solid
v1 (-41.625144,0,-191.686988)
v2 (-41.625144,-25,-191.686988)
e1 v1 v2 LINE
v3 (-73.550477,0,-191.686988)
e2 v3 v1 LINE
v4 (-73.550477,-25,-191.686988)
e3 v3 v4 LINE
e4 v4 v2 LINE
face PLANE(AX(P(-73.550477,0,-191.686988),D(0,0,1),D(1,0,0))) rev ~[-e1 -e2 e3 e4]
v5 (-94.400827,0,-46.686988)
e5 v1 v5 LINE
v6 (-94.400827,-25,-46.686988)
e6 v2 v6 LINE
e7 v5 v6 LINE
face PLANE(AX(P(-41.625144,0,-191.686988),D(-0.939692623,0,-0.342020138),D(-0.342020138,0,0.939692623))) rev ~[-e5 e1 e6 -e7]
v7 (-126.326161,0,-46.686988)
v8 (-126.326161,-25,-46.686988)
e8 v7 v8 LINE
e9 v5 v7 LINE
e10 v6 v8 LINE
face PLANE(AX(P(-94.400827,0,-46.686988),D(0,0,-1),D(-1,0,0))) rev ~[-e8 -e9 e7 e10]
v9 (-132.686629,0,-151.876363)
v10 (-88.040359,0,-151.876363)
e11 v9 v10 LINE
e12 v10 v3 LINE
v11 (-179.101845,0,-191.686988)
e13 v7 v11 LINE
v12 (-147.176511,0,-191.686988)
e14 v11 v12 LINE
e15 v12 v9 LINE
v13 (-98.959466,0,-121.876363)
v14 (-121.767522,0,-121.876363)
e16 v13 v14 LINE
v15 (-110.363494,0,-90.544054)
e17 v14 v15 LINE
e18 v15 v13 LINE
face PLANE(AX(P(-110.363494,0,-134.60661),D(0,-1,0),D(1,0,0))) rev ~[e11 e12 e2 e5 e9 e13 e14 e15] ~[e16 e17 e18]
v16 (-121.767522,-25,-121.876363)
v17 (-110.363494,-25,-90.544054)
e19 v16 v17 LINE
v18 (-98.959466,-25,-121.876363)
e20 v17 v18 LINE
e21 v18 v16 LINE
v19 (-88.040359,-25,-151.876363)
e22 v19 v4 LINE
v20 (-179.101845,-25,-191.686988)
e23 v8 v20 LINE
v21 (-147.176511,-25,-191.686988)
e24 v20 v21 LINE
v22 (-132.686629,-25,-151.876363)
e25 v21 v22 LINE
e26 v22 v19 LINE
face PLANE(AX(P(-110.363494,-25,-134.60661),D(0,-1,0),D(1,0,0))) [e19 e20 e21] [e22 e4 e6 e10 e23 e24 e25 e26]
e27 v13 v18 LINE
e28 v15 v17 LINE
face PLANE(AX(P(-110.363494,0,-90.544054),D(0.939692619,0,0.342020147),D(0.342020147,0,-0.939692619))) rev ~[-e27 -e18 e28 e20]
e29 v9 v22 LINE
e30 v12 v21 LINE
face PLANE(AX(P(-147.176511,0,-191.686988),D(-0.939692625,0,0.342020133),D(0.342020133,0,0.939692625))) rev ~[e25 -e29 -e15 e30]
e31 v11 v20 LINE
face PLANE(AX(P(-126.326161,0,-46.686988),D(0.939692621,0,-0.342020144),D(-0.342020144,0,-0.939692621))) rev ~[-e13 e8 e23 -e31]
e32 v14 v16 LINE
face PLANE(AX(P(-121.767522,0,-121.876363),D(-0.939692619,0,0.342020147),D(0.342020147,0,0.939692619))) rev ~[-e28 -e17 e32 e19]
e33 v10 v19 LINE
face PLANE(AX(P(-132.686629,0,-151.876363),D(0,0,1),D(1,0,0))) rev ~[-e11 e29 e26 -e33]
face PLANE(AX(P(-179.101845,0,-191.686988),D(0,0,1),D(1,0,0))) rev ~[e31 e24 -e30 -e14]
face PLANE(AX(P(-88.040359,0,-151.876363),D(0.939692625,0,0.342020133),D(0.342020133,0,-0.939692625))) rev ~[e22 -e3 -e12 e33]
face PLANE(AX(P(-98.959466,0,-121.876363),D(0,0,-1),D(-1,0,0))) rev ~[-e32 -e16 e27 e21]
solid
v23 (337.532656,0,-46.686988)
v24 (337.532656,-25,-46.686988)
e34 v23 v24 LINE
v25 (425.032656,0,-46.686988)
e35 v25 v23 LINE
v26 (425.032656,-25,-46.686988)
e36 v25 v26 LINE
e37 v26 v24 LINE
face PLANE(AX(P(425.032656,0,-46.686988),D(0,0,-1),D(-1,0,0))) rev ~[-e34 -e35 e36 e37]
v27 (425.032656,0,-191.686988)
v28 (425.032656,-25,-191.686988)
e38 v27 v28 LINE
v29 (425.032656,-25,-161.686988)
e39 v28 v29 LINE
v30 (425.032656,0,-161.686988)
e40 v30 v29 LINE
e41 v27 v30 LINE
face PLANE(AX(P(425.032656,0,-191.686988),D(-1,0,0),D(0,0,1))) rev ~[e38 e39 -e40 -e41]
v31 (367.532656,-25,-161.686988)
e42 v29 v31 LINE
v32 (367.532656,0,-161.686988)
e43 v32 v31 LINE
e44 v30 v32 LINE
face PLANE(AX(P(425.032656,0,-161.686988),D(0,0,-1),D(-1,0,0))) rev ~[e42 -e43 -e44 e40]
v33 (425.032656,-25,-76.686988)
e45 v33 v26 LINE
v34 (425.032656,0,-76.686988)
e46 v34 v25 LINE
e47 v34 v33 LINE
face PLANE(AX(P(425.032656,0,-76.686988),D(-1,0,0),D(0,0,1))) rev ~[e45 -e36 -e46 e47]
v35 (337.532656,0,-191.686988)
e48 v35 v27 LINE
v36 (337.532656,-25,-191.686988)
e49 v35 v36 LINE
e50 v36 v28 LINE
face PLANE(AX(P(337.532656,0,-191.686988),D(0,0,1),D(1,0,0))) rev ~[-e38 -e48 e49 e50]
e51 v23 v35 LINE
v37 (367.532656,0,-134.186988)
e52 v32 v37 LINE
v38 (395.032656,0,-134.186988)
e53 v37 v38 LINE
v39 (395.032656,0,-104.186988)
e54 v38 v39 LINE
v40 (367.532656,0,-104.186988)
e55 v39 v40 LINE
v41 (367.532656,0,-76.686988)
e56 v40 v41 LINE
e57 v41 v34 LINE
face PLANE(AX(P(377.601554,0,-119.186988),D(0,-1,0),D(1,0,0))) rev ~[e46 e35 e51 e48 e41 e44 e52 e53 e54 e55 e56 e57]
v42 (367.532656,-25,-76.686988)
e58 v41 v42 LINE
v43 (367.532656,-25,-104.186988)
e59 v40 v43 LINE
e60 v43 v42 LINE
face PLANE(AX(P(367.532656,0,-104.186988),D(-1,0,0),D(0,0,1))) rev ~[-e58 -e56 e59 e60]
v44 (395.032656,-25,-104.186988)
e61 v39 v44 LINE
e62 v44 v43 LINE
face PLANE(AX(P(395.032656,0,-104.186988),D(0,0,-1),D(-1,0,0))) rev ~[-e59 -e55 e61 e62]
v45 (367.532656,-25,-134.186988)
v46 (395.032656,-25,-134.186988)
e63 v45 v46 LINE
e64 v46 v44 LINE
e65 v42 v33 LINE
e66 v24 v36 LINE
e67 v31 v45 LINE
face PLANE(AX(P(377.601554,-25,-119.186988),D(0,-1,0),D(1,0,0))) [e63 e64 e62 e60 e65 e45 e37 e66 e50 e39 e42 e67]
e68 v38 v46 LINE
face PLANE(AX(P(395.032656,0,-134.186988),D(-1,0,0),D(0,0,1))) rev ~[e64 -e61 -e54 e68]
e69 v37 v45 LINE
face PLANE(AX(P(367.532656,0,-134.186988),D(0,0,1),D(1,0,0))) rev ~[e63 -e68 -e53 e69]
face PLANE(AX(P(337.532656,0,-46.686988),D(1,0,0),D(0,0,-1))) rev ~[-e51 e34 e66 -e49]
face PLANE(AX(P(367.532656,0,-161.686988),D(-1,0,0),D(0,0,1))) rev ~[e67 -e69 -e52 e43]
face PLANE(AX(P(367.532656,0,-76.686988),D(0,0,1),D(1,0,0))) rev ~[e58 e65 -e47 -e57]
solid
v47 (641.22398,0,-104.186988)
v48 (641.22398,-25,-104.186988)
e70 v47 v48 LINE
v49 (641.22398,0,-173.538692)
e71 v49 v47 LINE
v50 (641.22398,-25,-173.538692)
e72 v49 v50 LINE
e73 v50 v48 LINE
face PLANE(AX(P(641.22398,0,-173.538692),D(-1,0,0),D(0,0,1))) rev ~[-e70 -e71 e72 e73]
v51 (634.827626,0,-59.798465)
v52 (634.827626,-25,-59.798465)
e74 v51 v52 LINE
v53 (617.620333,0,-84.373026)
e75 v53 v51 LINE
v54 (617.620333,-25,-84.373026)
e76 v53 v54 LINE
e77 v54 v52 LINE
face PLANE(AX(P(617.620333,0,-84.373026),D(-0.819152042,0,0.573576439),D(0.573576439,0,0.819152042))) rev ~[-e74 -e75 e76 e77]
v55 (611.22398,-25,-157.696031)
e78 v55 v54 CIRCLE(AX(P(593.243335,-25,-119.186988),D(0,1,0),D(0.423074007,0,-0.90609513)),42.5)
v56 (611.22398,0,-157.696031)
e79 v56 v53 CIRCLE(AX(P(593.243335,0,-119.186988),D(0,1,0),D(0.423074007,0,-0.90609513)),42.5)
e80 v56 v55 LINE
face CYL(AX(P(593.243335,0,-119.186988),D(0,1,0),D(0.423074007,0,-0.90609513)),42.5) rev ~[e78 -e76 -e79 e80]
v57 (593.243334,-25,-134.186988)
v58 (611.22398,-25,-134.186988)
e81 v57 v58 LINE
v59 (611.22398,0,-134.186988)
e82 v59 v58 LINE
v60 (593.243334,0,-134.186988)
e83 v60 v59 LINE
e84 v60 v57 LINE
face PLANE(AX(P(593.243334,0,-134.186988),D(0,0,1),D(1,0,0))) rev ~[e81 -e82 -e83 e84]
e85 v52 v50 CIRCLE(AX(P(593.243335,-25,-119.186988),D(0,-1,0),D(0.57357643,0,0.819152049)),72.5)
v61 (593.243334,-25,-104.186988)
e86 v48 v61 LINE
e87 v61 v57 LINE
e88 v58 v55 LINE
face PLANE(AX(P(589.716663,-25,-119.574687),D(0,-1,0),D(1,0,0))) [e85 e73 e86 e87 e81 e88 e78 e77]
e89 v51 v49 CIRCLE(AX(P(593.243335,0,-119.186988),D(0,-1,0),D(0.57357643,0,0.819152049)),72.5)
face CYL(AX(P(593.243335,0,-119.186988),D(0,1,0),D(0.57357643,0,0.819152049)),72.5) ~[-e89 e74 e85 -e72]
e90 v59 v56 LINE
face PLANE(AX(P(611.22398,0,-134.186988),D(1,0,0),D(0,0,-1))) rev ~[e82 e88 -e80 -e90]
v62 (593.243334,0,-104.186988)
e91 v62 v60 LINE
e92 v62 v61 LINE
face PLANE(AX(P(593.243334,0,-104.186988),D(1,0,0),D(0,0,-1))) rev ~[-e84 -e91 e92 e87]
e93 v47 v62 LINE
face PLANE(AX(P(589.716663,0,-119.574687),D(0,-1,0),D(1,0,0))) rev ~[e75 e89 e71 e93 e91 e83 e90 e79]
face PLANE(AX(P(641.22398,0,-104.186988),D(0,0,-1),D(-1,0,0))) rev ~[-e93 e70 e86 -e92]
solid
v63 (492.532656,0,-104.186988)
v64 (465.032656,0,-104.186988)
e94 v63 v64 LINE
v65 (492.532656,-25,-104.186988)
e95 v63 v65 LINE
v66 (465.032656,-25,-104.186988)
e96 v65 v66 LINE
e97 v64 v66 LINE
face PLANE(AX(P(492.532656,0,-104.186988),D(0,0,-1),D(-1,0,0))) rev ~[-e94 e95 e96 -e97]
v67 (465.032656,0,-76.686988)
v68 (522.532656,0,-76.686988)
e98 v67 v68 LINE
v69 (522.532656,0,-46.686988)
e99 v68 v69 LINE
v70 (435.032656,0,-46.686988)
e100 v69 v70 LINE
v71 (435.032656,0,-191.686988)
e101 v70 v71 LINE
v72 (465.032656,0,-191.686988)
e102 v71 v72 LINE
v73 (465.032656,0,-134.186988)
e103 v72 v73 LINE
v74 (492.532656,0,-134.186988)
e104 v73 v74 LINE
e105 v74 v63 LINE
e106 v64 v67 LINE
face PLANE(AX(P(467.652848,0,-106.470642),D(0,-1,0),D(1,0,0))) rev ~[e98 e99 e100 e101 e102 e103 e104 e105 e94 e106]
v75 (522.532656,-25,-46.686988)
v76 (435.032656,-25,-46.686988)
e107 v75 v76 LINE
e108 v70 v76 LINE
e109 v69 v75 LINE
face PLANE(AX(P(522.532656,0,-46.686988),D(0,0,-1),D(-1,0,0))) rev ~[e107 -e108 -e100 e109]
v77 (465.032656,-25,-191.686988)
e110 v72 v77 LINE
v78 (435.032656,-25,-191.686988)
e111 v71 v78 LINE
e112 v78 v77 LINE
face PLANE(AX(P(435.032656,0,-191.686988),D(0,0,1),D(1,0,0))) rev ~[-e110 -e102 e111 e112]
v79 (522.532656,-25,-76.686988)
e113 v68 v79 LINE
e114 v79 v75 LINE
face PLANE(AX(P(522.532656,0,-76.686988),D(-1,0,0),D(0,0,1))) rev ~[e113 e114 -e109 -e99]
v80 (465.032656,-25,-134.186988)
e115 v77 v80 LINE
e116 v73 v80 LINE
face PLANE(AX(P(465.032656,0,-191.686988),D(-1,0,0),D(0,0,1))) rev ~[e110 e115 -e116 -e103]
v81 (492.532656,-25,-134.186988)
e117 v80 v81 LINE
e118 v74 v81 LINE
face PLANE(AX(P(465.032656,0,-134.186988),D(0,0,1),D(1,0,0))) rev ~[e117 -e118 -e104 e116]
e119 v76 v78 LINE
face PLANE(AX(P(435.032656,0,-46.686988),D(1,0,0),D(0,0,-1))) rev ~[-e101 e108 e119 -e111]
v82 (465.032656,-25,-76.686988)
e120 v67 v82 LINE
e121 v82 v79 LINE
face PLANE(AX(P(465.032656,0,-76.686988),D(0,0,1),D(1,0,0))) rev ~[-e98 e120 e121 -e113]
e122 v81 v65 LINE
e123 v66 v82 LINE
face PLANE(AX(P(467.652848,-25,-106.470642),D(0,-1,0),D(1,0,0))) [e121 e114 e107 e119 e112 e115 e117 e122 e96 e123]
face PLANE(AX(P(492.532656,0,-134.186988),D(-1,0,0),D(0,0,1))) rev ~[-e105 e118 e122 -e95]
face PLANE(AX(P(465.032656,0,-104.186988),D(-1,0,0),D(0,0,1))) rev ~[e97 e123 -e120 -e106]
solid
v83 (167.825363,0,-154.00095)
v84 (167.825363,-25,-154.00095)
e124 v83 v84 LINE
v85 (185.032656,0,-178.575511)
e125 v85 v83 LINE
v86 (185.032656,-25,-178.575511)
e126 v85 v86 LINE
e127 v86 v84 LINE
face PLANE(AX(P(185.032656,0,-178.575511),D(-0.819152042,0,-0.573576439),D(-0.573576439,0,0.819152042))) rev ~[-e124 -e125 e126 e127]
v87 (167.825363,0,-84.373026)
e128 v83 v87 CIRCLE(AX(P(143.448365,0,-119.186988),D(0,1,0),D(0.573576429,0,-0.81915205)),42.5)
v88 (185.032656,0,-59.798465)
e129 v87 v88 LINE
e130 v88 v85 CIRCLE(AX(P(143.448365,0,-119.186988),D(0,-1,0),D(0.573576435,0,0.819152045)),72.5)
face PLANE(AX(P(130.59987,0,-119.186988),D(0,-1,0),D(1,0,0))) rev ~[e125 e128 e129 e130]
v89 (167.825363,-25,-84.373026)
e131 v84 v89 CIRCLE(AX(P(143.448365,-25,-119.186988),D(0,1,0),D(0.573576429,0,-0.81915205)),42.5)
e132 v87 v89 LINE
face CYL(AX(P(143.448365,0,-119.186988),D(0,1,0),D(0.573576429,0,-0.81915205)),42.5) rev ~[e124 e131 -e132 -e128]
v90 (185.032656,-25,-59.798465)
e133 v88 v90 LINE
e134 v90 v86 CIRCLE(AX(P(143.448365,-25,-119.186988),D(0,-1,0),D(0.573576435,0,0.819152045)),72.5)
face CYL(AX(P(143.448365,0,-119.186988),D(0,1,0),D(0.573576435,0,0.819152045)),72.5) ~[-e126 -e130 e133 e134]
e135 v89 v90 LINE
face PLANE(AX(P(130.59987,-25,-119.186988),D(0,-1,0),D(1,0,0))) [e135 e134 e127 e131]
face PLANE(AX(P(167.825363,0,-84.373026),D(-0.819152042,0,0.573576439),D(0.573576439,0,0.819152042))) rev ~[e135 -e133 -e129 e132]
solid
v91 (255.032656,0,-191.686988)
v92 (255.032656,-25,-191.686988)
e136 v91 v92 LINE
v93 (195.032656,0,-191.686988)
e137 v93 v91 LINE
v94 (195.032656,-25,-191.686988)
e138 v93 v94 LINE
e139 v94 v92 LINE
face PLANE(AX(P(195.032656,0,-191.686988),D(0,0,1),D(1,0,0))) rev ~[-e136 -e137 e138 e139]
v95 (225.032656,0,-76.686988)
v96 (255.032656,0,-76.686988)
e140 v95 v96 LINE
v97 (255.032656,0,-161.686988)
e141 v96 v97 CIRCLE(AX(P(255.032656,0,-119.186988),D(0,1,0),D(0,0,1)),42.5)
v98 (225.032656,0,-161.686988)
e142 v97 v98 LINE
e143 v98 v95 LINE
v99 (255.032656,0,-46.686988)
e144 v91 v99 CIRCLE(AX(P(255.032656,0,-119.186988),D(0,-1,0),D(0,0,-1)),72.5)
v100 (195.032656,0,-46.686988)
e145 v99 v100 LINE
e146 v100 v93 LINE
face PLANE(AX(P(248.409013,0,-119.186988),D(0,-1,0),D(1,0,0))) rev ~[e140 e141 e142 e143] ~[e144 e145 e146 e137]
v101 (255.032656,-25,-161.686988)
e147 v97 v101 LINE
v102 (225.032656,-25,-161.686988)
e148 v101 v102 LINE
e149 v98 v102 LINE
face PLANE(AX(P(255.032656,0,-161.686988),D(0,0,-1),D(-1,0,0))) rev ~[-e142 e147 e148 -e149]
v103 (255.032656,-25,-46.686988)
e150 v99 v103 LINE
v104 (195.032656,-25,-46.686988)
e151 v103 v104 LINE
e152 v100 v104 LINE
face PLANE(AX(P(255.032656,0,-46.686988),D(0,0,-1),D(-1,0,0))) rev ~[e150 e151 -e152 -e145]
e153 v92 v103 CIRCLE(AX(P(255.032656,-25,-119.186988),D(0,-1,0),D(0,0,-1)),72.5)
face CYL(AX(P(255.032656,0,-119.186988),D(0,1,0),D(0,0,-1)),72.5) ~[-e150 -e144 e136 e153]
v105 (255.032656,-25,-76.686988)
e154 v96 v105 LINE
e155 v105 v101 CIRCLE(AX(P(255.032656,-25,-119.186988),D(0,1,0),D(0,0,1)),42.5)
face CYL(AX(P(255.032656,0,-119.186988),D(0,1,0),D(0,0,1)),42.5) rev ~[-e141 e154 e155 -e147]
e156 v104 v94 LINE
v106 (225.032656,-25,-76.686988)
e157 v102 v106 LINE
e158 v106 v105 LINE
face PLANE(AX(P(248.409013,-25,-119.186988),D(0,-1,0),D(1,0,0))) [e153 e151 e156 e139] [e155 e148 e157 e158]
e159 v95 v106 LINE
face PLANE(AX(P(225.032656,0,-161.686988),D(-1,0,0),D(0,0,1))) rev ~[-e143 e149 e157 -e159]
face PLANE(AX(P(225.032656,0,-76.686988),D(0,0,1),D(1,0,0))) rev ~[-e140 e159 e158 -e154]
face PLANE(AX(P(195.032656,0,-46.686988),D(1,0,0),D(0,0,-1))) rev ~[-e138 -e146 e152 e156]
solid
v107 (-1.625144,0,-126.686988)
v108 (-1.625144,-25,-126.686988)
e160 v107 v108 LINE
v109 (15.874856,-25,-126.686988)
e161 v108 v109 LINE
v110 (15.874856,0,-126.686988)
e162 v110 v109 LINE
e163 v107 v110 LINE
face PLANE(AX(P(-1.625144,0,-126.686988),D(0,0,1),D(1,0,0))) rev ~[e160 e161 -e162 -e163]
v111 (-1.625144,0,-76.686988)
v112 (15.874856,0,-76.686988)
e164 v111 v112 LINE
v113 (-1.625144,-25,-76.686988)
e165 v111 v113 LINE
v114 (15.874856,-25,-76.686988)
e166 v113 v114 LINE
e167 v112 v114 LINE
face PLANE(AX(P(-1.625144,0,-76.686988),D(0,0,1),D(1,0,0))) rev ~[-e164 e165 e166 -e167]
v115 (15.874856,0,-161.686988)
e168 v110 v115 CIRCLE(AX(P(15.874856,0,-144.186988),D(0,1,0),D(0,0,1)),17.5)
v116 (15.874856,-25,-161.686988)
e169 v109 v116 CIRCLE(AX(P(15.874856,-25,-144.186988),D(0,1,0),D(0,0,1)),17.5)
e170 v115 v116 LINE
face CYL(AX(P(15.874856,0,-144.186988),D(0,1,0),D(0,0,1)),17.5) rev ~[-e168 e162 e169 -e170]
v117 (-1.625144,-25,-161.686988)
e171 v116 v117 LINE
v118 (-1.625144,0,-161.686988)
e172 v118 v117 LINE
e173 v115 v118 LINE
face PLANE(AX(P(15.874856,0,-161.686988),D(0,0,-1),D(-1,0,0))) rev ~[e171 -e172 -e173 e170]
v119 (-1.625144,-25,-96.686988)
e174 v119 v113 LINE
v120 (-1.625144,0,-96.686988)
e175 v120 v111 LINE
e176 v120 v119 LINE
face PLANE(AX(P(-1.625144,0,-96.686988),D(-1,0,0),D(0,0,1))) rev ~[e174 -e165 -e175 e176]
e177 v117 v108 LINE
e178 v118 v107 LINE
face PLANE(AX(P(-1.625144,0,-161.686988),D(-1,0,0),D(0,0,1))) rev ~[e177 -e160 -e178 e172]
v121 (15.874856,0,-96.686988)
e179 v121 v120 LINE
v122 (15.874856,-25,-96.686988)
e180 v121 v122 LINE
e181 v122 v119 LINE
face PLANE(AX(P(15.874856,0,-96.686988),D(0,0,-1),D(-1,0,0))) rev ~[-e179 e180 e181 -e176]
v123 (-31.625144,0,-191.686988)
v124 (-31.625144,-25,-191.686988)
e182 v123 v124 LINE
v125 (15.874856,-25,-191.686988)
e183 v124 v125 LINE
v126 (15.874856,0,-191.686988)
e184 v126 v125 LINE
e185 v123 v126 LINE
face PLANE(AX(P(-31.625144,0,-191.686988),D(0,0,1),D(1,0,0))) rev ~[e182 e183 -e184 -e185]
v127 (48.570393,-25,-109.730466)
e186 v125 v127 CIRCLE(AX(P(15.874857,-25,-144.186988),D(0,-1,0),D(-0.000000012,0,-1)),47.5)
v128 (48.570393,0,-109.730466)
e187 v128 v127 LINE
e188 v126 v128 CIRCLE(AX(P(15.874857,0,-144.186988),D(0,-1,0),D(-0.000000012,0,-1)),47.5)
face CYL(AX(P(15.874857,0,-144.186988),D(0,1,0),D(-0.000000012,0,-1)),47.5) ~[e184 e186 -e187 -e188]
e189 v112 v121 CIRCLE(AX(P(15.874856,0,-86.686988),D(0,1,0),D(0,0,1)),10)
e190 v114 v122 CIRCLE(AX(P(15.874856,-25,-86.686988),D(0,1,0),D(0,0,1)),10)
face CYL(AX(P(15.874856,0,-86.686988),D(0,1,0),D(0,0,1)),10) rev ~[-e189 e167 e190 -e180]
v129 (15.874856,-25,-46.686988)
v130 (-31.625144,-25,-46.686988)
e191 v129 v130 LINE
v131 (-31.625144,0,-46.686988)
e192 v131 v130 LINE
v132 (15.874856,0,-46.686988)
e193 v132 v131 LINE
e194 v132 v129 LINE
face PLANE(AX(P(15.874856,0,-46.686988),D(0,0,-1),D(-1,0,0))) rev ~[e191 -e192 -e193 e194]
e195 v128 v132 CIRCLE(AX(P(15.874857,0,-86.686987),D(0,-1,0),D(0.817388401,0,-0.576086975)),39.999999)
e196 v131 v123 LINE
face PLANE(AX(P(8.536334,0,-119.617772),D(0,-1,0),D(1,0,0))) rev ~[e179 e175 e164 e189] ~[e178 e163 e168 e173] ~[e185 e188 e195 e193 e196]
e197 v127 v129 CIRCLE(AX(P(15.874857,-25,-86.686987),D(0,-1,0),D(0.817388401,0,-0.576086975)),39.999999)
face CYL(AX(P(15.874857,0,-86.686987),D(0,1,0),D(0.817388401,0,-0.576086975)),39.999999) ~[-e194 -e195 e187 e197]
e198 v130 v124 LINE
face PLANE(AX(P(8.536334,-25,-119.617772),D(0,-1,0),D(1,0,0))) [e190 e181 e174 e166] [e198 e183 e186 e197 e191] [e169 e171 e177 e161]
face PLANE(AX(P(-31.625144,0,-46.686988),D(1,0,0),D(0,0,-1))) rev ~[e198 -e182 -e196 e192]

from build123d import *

# Parameters (mm, degrees)
F1_DEPTH = 25


with BuildPart() as f1:
    # F0 (on Front) → F1 (new body)
    with BuildSketch(Plane.XZ):
        Polygon((-126.326161, -46.686988), (-179.101845, -191.686988), (-147.176511, -191.686988), (-132.686629, -151.876363), (-88.040359, -151.876363), (-73.550477, -191.686988), (-41.625144, -191.686988), (-94.400827, -46.686988), align=None)
        Polygon((-98.959466, -121.876363), (-121.767522, -121.876363), (-110.363494, -90.544054), align=None, mode=Mode.SUBTRACT)
        with BuildLine():
            Line((15.874856, -46.686988), (-31.625144, -46.686988))
            Line((-31.625144, -46.686988), (-31.625144, -191.686988))
            Line((-31.625144, -191.686988), (15.874856, -191.686988))
            ThreePointArc((15.874856, -191.686988), (59.993644, -161.78763), (48.570393, -109.730466))
            ThreePointArc((48.570393, -109.730466), (51.383582, -68.271493), (15.874856, -46.686988))
        make_face()
        with BuildLine():
            Line((-1.625144, -126.686988), (15.874856, -126.686988))
            ThreePointArc((15.874856, -126.686988), (33.374856, -144.186988), (15.874856, -161.686988))
            Line((15.874856, -161.686988), (-1.625144, -161.686988))
            Line((-1.625144, -161.686988), (-1.625144, -126.686988))
        make_face(mode=Mode.SUBTRACT)
        with BuildLine():
            Line((-1.625144, -76.686988), (15.874856, -76.686988))
            ThreePointArc((15.874856, -76.686988), (25.874856, -86.686988), (15.874856, -96.686988))
            Line((15.874856, -96.686988), (-1.625144, -96.686988))
            Line((-1.625144, -96.686988), (-1.625144, -76.686988))
        make_face(mode=Mode.SUBTRACT)
        with BuildLine():
            Line((167.825363, -84.373026), (185.032656, -59.798465))
            ThreePointArc((185.032656, -59.798465), (70.948365, -119.186988), (185.032656, -178.575511))
            Line((185.032656, -178.575511), (167.825363, -154.00095))
            ThreePointArc((167.825363, -154.00095), (100.948365, -119.186988), (167.825363, -84.373026))
        make_face()
        with BuildLine():
            Line((255.032656, -46.686988), (195.032656, -46.686988))
            Line((195.032656, -46.686988), (195.032656, -191.686988))
            Line((195.032656, -191.686988), (255.032656, -191.686988))
            ThreePointArc((255.032656, -191.686988), (327.532656, -119.186988), (255.032656, -46.686988))
        make_face()
        with BuildLine():
            Line((225.032656, -76.686988), (255.032656, -76.686988))
            ThreePointArc((255.032656, -76.686988), (297.532656, -119.186988), (255.032656, -161.686988))
            Line((255.032656, -161.686988), (225.032656, -161.686988))
            Line((225.032656, -161.686988), (225.032656, -76.686988))
        make_face(mode=Mode.SUBTRACT)
        Polygon((425.032656, -46.686988), (337.532656, -46.686988), (337.532656, -191.686988), (425.032656, -191.686988), (425.032656, -161.686988), (395.032656, -161.686988), (367.532656, -161.686988), (367.532656, -134.186988), (395.032656, -134.186988), (395.032656, -104.186988), (367.532656, -104.186988), (367.532656, -76.686988), (395.032656, -76.686988), (425.032656, -76.686988), align=None)
        Polygon((522.532656, -46.686988), (435.032656, -46.686988), (435.032656, -191.686988), (465.032656, -191.686988), (465.032656, -161.686988), (465.032656, -134.186988), (492.532656, -134.186988), (492.532656, -104.186988), (465.032656, -104.186988), (465.032656, -76.686988), (492.532656, -76.686988), (522.532656, -76.686988), align=None)
        with BuildLine():
            Line((617.620333, -84.373026), (634.827626, -59.798465))
            ThreePointArc((634.827626, -59.798465), (520.857706, -123.257703), (641.22398, -173.538692))
            Line((641.22398, -173.538692), (641.22398, -104.186988))
            Line((641.22398, -104.186988), (593.243334, -104.186988))
            Line((593.243334, -104.186988), (593.243334, -134.186988))
            Line((593.243334, -134.186988), (611.22398, -134.186988))
            Line((611.22398, -134.186988), (611.22398, -157.696031))
            ThreePointArc((611.22398, -157.696031), (550.90413, -115.493515), (617.620333, -84.373026))
        make_face()
    extrude(amount=F1_DEPTH)


solid = f1.part
